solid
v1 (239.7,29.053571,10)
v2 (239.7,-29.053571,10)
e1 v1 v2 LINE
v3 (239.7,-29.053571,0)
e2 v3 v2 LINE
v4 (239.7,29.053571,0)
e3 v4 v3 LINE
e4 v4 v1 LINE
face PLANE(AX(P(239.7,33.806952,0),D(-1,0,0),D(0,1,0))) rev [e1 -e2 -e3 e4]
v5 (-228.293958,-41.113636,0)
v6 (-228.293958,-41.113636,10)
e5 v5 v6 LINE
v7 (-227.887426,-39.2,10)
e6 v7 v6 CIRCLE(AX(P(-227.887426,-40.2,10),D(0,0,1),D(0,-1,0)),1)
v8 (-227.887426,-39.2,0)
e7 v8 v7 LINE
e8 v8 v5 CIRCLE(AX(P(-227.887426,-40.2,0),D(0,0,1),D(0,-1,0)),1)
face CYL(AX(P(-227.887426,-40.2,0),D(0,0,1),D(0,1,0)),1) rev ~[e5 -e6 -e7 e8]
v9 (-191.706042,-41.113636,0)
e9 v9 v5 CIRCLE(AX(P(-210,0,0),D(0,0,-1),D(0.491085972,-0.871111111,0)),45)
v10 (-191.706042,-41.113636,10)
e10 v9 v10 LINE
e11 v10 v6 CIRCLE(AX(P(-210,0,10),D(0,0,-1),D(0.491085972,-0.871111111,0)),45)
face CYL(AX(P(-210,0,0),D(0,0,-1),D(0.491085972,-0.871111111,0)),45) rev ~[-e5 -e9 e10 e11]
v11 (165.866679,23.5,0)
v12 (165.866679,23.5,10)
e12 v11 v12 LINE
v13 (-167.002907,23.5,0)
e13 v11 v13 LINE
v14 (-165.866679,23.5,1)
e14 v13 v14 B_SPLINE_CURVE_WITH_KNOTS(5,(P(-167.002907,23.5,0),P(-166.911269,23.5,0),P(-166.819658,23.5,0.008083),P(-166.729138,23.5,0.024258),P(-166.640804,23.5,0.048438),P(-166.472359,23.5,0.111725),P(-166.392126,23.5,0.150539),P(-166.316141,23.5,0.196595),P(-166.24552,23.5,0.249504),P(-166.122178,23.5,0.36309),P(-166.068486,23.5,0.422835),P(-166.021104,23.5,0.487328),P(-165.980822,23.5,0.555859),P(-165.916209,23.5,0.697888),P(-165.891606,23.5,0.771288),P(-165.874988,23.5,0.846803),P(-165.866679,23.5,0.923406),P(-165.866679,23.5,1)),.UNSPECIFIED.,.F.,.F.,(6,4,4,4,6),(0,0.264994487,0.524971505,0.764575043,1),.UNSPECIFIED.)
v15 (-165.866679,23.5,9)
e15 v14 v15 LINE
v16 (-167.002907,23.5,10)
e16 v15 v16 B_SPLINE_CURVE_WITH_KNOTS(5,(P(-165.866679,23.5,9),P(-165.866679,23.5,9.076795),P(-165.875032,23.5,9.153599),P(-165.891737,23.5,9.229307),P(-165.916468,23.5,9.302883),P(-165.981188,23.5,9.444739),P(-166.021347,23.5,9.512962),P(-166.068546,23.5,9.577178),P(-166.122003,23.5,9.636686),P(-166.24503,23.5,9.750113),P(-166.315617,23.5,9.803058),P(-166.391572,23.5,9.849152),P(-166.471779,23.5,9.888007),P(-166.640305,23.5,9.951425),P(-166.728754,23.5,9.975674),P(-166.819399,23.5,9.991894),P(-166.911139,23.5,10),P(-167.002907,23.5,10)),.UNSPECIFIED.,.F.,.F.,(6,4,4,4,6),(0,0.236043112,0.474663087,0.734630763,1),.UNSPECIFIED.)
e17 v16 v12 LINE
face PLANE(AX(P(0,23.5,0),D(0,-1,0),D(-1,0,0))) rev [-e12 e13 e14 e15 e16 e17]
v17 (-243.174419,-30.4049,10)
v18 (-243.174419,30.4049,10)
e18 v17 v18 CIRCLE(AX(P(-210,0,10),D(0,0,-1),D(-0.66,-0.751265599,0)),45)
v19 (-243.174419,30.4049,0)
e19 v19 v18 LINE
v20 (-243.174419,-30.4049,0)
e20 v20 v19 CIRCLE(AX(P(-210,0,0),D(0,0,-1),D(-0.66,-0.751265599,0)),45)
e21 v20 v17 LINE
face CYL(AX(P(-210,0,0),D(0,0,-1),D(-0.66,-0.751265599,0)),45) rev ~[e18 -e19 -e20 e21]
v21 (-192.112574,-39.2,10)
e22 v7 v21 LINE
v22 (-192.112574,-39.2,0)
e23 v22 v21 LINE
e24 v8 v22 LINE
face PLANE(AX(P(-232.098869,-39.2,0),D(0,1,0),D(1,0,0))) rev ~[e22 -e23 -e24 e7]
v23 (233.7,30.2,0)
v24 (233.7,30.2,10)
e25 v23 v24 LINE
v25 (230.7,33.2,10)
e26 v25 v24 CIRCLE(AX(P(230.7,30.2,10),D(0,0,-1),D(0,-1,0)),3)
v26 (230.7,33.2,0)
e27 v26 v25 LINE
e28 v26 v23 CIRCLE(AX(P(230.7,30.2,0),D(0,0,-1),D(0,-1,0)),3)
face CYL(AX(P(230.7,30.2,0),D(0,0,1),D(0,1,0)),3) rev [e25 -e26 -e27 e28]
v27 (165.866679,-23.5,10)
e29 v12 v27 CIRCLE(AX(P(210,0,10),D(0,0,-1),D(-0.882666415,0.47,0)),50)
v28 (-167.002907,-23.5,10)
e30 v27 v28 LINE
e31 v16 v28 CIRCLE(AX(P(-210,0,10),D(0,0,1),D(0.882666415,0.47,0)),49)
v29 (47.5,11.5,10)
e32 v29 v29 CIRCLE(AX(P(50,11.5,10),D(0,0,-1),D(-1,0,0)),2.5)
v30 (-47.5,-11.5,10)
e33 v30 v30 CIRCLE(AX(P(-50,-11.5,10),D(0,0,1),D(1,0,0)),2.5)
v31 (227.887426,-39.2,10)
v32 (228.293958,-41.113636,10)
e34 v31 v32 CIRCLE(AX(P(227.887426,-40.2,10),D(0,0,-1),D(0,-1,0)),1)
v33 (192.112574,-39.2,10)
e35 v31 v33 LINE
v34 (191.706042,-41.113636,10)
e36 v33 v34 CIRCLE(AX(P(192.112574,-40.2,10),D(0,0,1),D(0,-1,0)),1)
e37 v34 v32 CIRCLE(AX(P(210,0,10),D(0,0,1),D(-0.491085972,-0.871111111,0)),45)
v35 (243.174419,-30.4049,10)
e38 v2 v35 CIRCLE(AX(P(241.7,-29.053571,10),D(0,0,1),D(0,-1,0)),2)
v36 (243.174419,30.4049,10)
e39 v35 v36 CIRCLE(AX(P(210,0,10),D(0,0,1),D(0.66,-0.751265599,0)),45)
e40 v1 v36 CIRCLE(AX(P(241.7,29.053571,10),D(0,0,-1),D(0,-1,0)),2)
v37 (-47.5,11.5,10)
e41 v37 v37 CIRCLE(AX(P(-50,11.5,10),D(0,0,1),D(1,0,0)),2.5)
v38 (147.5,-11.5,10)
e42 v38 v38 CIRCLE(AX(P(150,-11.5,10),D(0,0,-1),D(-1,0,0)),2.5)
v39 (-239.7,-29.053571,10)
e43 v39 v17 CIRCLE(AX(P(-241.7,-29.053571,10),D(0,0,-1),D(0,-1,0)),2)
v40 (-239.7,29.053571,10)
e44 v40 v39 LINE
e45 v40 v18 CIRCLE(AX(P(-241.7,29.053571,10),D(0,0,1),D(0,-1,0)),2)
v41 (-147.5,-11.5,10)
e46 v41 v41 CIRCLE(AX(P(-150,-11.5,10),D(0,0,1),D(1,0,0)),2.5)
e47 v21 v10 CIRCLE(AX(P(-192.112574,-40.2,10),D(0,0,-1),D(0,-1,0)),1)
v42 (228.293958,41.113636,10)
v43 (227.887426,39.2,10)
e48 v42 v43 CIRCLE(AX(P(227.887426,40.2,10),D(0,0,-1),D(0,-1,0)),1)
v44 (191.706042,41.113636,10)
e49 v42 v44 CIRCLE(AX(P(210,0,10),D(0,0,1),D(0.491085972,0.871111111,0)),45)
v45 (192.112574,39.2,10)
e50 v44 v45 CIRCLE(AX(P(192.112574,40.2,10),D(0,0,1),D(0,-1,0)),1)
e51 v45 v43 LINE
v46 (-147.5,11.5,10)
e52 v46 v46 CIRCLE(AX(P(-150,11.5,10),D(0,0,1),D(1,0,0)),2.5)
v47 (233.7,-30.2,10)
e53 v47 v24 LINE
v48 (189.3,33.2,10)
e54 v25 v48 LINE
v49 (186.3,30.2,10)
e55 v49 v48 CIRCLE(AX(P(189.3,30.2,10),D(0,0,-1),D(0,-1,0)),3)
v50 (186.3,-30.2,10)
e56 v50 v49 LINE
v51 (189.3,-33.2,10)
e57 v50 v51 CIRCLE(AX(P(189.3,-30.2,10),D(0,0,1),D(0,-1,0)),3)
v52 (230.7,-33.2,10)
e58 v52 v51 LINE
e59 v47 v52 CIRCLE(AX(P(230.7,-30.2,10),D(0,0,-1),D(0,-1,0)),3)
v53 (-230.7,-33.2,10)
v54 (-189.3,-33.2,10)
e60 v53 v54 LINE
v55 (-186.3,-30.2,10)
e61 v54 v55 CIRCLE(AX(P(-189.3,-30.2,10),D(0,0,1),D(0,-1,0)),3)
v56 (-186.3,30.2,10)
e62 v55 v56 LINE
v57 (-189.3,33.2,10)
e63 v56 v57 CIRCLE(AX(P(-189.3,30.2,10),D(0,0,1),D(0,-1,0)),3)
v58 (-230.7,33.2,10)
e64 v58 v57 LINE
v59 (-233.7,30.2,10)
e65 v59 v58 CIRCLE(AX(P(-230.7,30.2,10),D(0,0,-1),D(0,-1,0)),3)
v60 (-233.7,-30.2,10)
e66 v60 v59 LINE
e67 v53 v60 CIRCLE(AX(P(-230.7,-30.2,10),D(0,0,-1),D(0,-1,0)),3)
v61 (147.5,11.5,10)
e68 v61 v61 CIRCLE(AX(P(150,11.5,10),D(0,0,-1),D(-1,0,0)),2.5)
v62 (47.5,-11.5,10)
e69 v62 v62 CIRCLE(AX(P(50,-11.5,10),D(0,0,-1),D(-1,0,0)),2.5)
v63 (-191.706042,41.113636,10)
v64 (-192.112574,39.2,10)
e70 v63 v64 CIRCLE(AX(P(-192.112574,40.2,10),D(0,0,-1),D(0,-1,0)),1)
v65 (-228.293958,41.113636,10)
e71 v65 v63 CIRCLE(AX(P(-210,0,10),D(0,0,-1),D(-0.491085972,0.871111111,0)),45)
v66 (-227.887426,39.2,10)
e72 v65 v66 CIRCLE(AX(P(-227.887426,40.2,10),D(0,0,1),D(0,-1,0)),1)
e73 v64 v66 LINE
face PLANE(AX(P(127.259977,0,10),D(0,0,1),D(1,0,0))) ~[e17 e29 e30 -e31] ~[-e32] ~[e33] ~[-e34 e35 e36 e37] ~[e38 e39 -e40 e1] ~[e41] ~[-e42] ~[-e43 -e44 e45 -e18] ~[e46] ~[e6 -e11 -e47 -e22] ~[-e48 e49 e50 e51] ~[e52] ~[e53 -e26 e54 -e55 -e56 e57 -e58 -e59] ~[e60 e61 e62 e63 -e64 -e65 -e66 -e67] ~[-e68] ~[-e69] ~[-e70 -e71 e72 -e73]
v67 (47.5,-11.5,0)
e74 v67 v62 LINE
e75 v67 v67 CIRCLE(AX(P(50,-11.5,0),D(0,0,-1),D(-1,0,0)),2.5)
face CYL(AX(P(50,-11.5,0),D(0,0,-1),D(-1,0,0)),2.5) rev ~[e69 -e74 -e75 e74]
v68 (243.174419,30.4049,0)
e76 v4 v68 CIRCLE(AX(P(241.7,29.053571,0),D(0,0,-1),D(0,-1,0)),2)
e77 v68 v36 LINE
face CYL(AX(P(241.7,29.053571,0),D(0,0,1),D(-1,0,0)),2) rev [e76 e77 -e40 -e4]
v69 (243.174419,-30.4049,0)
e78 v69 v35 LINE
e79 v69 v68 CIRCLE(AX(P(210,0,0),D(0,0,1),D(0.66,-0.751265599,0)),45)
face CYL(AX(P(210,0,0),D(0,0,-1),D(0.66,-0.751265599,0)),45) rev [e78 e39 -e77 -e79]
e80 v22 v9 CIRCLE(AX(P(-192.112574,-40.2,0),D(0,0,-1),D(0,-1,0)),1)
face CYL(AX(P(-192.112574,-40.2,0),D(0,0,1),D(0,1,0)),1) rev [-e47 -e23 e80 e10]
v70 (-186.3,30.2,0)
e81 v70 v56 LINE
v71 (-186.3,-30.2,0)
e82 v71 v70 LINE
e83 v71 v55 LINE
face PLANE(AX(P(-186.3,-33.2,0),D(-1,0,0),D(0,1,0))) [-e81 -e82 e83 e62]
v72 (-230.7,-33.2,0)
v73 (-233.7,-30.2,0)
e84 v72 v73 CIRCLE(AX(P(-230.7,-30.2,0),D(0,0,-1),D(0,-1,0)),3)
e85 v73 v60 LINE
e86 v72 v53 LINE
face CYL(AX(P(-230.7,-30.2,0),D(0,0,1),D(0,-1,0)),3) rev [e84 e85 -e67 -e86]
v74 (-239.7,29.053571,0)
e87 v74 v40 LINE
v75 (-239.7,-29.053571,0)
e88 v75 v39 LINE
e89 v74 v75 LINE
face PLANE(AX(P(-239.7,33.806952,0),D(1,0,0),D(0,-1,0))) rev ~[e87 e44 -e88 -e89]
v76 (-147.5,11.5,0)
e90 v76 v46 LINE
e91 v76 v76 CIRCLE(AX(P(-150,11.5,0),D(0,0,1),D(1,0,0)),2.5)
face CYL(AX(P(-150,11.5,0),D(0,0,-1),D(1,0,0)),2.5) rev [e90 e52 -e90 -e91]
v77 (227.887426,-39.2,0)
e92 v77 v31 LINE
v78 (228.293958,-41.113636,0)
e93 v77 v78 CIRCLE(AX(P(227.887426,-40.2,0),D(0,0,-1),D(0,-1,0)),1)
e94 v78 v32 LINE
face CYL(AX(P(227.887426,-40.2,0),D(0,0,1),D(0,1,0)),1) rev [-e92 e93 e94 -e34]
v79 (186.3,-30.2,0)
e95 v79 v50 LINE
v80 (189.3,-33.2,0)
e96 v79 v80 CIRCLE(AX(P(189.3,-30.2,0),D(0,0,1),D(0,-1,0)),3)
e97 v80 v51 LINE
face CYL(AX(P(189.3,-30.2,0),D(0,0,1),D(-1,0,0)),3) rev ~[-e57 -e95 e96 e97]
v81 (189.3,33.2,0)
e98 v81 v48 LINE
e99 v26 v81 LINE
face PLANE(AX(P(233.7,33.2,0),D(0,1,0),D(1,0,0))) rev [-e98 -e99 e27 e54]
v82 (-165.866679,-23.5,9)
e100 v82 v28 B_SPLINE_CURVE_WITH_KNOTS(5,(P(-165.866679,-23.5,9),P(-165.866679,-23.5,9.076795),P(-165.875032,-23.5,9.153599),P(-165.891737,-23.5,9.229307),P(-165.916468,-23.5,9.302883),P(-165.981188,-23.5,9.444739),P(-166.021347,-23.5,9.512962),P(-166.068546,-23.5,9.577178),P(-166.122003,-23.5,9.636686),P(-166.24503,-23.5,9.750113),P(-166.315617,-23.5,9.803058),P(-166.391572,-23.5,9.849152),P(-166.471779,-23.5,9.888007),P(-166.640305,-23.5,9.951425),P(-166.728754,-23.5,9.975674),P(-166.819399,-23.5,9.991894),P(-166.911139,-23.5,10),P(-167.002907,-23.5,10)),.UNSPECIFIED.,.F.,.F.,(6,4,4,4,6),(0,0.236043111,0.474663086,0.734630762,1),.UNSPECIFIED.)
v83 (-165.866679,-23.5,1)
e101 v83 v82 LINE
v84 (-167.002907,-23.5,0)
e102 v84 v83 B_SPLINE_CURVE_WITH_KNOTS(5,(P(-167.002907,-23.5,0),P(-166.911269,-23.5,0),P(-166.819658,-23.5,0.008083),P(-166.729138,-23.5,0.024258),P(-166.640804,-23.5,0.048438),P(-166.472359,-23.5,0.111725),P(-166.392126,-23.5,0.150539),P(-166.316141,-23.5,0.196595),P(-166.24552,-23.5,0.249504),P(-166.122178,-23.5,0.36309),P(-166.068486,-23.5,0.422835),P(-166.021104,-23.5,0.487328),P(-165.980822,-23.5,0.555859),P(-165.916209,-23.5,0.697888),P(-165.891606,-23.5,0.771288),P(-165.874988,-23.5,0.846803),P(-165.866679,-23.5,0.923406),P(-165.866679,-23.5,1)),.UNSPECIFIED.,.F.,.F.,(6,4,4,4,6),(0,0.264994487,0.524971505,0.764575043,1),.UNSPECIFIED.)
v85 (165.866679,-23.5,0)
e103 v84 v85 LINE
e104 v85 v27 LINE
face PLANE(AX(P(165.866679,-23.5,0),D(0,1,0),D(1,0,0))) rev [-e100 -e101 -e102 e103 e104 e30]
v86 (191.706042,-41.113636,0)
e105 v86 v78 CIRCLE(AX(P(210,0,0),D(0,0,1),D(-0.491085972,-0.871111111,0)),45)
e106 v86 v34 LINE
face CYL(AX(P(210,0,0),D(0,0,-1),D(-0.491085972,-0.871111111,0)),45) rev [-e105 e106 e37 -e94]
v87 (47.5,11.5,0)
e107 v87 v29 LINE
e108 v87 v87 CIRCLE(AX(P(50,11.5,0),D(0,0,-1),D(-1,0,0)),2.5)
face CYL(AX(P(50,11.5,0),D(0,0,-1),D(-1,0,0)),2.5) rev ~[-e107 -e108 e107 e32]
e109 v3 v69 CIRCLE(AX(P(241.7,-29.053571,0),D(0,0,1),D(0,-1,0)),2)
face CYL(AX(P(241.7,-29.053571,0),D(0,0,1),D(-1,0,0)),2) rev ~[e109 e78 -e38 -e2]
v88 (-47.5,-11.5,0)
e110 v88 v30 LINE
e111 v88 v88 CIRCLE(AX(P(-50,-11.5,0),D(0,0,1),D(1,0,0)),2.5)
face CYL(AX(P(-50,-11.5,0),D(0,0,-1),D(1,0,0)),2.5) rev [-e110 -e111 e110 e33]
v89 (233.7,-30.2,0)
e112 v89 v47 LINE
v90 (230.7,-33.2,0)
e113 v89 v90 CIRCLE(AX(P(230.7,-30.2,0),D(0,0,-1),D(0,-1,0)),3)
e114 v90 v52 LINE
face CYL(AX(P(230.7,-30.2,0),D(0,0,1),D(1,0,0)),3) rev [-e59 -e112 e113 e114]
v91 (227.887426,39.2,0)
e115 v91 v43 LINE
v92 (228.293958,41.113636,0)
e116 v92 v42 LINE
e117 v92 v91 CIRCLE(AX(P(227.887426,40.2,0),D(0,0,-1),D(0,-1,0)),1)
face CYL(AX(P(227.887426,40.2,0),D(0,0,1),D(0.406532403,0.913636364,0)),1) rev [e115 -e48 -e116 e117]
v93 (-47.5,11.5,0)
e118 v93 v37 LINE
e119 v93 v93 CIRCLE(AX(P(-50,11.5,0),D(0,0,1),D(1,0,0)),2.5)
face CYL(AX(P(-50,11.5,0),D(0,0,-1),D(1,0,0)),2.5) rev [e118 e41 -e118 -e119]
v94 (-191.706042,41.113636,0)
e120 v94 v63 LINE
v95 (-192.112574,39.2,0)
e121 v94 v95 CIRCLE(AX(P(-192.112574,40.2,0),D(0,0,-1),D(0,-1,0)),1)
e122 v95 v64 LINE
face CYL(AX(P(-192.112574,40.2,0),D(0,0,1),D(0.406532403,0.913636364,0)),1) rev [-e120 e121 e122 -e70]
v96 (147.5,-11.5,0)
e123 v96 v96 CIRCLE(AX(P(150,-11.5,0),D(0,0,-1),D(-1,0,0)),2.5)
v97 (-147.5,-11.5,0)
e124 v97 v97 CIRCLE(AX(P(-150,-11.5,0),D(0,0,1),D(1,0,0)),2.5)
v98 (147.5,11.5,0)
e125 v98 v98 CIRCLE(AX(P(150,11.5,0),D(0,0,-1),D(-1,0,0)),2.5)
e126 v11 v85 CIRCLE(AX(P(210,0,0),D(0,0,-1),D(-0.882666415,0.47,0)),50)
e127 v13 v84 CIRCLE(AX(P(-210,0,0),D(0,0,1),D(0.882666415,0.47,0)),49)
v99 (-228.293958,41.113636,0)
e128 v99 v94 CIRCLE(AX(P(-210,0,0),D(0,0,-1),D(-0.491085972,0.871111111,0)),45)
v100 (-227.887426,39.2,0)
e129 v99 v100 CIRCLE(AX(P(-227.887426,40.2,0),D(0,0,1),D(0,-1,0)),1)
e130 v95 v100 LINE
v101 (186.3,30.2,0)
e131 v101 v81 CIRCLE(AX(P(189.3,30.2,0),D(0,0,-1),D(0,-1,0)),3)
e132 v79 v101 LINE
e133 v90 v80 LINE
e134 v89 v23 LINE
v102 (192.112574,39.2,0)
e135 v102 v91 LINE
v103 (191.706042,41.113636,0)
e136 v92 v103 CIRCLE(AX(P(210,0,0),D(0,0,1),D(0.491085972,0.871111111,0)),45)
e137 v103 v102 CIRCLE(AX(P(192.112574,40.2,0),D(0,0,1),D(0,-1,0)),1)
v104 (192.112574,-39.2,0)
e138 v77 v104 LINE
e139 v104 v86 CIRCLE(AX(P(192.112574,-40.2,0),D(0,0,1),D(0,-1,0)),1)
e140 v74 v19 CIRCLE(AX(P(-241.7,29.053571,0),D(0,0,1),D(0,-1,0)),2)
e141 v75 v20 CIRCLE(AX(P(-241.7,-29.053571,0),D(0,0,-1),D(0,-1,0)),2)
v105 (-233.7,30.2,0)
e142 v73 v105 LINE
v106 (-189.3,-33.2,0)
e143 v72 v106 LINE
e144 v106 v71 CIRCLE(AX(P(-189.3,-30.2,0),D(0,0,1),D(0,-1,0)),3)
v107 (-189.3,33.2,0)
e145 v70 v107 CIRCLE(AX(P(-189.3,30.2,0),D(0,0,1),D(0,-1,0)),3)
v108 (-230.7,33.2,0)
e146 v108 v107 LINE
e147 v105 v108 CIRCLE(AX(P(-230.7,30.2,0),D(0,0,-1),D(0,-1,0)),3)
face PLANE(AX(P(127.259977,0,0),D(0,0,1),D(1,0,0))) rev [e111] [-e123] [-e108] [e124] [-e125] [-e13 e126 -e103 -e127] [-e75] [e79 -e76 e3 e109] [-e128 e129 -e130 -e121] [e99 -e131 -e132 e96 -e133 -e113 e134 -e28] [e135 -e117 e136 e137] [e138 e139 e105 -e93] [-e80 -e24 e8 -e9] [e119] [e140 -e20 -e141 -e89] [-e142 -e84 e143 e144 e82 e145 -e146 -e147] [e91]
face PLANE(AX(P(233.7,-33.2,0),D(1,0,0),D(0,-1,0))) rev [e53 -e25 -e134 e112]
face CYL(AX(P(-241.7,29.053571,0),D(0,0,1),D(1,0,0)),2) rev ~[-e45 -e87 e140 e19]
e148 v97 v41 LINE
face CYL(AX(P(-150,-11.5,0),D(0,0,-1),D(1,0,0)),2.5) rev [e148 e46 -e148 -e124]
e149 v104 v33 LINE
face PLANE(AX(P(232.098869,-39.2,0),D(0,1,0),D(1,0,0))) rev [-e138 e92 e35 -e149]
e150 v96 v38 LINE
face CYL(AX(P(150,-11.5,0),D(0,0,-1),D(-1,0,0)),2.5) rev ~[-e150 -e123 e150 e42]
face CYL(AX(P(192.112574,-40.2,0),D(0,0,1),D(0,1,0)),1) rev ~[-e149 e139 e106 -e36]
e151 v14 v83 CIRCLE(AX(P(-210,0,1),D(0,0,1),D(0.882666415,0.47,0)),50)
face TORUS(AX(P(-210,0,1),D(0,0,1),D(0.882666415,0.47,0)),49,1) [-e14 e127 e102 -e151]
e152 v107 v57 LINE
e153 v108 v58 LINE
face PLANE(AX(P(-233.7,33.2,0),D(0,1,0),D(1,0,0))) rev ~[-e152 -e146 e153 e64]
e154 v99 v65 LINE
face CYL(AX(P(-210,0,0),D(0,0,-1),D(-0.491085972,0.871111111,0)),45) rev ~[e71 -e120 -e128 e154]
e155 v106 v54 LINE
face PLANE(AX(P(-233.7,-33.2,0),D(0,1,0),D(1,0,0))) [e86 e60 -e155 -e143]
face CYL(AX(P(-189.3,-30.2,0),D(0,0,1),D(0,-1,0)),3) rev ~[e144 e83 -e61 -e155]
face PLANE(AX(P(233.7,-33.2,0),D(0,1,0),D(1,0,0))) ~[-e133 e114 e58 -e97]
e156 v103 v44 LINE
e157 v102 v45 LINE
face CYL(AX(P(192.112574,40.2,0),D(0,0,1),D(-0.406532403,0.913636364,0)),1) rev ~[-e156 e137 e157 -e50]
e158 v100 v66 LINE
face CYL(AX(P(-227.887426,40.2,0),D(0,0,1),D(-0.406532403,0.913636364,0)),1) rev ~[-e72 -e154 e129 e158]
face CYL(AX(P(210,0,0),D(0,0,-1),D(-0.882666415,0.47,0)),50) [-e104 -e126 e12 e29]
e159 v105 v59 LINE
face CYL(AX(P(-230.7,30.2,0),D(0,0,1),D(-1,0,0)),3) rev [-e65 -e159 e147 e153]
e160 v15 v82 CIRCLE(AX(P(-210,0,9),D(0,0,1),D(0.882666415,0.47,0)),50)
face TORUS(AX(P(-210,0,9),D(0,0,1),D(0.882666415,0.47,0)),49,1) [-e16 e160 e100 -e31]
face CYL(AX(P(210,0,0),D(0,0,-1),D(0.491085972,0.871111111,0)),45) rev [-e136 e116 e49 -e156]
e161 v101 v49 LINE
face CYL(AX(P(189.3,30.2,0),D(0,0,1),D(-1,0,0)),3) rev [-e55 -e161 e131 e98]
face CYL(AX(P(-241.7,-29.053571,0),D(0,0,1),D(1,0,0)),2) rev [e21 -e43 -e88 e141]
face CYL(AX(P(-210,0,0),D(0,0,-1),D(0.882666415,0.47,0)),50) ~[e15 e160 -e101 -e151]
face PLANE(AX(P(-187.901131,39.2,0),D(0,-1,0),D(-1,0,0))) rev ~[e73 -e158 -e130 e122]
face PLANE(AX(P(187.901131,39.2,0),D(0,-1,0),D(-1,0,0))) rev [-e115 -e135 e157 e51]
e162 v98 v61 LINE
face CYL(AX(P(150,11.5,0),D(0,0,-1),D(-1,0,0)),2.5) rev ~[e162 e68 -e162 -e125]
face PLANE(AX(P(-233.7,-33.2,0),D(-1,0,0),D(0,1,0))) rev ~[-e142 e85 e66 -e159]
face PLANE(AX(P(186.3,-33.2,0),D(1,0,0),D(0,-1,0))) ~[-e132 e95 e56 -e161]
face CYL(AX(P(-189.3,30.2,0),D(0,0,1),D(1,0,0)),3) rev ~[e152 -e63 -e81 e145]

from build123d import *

# Parameters (mm, degrees)
SKETCH_1_W             = 47.4
SKETCH_1_H             = 66.4
SKETCH_1_R             = 2.5
EXTRUDE_1_DEPTH        = 10
FILLET_1_R             = 3
FILLET_2_R             = 2
FILLET_4_R             = 1
FILLET_5_R             = 1
FILLET_1_OF_MIRROR_1_R = 3
FILLET_2_OF_MIRROR_1_R = 2
FILLET_4_OF_MIRROR_1_R = 1


with BuildPart() as part:
    # 草图1 → 凸台-拉伸1 (new body)
    with BuildSketch(Plane.XY):
        with BuildLine():
            ThreePointArc((-165.866679255, 23.5), (-260, 0), (-165.866679255, -23.5))
            Line((-165.866679255, -23.5), (0, -23.5))
            Line((0, -23.5), (0, 23.5))
            Line((0, 23.5), (-165.866679255, 23.5))
        make_face()
        with BuildLine():
            ThreePointArc((-187.901131251, -39.2), (-210, -45), (-232.098868749, -39.2))
            Line((-232.098868749, -39.2), (-187.901131251, -39.2))
        make_face(mode=Mode.SUBTRACT)
        with BuildLine():
            ThreePointArc((-239.7, -33.806951948), (-255, 0), (-239.7, 33.806951948))
            Line((-239.7, 33.806951948), (-239.7, -33.806951948))
        make_face(mode=Mode.SUBTRACT)
        with Locations((-210, 0)):
            Rectangle(SKETCH_1_W, SKETCH_1_H, mode=Mode.SUBTRACT)
        with BuildLine():
            Line((-187.901131251, 39.2), (-232.098868749, 39.2))
            ThreePointArc((-232.098868749, 39.2), (-210, 45), (-187.901131251, 39.2))
        make_face(mode=Mode.SUBTRACT)
        with Locations((-50, 11.5)):
            Circle(SKETCH_1_R, mode=Mode.SUBTRACT)
        with Locations((-150, 11.5)):
            Circle(SKETCH_1_R, mode=Mode.SUBTRACT)
        with Locations((-150, -11.5)):
            Circle(SKETCH_1_R, mode=Mode.SUBTRACT)
        with Locations((-50, -11.5)):
            Circle(SKETCH_1_R, mode=Mode.SUBTRACT)
    extrude_1 = extrude(amount=EXTRUDE_1_DEPTH)

    # 圆角1
    fillet_1_edges = [part.edges().sort_by_distance(p)[0] for p in [
        (-186.3, 33.2, 5),
        (-233.7, 33.2, 5),
        (-233.7, -33.2, 5),
        (-186.3, -33.2, 5),
    ]]
    fillet(fillet_1_edges, radius=FILLET_1_R)

    # 圆角2
    fillet_2_edges = [part.edges().sort_by_distance(p)[0] for p in [
        (-239.7, 33.806951948, 5),
        (-239.7, -33.806951948, 5),
    ]]
    fillet(fillet_2_edges, radius=FILLET_2_R)

    # 圆角4
    fillet_4_edges = [part.edges().sort_by_distance(p)[0] for p in [
        (-187.901131251, 39.2, 5),
        (-232.098868749, 39.2, 5),
        (-187.901131251, -39.2, 5),
        (-232.098868749, -39.2, 5),
    ]]
    fillet(fillet_4_edges, radius=FILLET_4_R)

    # 圆角5
    fillet_5_edges = [part.edges().sort_by_distance(p)[0] for p in [
        (-260, 0, 10),
        (-260, 0, 0),
    ]]
    fillet(fillet_5_edges, radius=FILLET_5_R)

    # 镜向1: 凸台-拉伸1 across plane
    add(extrude_1.mirror(Plane(origin=(0, 0, 10), x_dir=(0, 0, 1), z_dir=(1, 0, 0))))

    # 圆角1 of 镜向1
    fillet_1_of_mirror_1_edges = [part.edges().sort_by_distance(p)[0] for p in [
        (186.3, 33.2, 5),
        (233.7, 33.2, 5),
        (233.7, -33.2, 5),
        (186.3, -33.2, 5),
    ]]
    fillet(fillet_1_of_mirror_1_edges, radius=FILLET_1_OF_MIRROR_1_R)

    # 圆角2 of 镜向1
    fillet_2_of_mirror_1_edges = [part.edges().sort_by_distance(p)[0] for p in [
        (239.7, 33.806951948, 5),
        (239.7, -33.806951948, 5),
    ]]
    fillet(fillet_2_of_mirror_1_edges, radius=FILLET_2_OF_MIRROR_1_R)

    # 圆角4 of 镜向1
    fillet_4_of_mirror_1_edges = [part.edges().sort_by_distance(p)[0] for p in [
        (187.901131251, 39.2, 5),
        (232.098868749, 39.2, 5),
        (187.901131251, -39.2, 5),
        (232.098868749, -39.2, 5),
    ]]
    fillet(fillet_4_of_mirror_1_edges, radius=FILLET_4_OF_MIRROR_1_R)


solid = part.part
